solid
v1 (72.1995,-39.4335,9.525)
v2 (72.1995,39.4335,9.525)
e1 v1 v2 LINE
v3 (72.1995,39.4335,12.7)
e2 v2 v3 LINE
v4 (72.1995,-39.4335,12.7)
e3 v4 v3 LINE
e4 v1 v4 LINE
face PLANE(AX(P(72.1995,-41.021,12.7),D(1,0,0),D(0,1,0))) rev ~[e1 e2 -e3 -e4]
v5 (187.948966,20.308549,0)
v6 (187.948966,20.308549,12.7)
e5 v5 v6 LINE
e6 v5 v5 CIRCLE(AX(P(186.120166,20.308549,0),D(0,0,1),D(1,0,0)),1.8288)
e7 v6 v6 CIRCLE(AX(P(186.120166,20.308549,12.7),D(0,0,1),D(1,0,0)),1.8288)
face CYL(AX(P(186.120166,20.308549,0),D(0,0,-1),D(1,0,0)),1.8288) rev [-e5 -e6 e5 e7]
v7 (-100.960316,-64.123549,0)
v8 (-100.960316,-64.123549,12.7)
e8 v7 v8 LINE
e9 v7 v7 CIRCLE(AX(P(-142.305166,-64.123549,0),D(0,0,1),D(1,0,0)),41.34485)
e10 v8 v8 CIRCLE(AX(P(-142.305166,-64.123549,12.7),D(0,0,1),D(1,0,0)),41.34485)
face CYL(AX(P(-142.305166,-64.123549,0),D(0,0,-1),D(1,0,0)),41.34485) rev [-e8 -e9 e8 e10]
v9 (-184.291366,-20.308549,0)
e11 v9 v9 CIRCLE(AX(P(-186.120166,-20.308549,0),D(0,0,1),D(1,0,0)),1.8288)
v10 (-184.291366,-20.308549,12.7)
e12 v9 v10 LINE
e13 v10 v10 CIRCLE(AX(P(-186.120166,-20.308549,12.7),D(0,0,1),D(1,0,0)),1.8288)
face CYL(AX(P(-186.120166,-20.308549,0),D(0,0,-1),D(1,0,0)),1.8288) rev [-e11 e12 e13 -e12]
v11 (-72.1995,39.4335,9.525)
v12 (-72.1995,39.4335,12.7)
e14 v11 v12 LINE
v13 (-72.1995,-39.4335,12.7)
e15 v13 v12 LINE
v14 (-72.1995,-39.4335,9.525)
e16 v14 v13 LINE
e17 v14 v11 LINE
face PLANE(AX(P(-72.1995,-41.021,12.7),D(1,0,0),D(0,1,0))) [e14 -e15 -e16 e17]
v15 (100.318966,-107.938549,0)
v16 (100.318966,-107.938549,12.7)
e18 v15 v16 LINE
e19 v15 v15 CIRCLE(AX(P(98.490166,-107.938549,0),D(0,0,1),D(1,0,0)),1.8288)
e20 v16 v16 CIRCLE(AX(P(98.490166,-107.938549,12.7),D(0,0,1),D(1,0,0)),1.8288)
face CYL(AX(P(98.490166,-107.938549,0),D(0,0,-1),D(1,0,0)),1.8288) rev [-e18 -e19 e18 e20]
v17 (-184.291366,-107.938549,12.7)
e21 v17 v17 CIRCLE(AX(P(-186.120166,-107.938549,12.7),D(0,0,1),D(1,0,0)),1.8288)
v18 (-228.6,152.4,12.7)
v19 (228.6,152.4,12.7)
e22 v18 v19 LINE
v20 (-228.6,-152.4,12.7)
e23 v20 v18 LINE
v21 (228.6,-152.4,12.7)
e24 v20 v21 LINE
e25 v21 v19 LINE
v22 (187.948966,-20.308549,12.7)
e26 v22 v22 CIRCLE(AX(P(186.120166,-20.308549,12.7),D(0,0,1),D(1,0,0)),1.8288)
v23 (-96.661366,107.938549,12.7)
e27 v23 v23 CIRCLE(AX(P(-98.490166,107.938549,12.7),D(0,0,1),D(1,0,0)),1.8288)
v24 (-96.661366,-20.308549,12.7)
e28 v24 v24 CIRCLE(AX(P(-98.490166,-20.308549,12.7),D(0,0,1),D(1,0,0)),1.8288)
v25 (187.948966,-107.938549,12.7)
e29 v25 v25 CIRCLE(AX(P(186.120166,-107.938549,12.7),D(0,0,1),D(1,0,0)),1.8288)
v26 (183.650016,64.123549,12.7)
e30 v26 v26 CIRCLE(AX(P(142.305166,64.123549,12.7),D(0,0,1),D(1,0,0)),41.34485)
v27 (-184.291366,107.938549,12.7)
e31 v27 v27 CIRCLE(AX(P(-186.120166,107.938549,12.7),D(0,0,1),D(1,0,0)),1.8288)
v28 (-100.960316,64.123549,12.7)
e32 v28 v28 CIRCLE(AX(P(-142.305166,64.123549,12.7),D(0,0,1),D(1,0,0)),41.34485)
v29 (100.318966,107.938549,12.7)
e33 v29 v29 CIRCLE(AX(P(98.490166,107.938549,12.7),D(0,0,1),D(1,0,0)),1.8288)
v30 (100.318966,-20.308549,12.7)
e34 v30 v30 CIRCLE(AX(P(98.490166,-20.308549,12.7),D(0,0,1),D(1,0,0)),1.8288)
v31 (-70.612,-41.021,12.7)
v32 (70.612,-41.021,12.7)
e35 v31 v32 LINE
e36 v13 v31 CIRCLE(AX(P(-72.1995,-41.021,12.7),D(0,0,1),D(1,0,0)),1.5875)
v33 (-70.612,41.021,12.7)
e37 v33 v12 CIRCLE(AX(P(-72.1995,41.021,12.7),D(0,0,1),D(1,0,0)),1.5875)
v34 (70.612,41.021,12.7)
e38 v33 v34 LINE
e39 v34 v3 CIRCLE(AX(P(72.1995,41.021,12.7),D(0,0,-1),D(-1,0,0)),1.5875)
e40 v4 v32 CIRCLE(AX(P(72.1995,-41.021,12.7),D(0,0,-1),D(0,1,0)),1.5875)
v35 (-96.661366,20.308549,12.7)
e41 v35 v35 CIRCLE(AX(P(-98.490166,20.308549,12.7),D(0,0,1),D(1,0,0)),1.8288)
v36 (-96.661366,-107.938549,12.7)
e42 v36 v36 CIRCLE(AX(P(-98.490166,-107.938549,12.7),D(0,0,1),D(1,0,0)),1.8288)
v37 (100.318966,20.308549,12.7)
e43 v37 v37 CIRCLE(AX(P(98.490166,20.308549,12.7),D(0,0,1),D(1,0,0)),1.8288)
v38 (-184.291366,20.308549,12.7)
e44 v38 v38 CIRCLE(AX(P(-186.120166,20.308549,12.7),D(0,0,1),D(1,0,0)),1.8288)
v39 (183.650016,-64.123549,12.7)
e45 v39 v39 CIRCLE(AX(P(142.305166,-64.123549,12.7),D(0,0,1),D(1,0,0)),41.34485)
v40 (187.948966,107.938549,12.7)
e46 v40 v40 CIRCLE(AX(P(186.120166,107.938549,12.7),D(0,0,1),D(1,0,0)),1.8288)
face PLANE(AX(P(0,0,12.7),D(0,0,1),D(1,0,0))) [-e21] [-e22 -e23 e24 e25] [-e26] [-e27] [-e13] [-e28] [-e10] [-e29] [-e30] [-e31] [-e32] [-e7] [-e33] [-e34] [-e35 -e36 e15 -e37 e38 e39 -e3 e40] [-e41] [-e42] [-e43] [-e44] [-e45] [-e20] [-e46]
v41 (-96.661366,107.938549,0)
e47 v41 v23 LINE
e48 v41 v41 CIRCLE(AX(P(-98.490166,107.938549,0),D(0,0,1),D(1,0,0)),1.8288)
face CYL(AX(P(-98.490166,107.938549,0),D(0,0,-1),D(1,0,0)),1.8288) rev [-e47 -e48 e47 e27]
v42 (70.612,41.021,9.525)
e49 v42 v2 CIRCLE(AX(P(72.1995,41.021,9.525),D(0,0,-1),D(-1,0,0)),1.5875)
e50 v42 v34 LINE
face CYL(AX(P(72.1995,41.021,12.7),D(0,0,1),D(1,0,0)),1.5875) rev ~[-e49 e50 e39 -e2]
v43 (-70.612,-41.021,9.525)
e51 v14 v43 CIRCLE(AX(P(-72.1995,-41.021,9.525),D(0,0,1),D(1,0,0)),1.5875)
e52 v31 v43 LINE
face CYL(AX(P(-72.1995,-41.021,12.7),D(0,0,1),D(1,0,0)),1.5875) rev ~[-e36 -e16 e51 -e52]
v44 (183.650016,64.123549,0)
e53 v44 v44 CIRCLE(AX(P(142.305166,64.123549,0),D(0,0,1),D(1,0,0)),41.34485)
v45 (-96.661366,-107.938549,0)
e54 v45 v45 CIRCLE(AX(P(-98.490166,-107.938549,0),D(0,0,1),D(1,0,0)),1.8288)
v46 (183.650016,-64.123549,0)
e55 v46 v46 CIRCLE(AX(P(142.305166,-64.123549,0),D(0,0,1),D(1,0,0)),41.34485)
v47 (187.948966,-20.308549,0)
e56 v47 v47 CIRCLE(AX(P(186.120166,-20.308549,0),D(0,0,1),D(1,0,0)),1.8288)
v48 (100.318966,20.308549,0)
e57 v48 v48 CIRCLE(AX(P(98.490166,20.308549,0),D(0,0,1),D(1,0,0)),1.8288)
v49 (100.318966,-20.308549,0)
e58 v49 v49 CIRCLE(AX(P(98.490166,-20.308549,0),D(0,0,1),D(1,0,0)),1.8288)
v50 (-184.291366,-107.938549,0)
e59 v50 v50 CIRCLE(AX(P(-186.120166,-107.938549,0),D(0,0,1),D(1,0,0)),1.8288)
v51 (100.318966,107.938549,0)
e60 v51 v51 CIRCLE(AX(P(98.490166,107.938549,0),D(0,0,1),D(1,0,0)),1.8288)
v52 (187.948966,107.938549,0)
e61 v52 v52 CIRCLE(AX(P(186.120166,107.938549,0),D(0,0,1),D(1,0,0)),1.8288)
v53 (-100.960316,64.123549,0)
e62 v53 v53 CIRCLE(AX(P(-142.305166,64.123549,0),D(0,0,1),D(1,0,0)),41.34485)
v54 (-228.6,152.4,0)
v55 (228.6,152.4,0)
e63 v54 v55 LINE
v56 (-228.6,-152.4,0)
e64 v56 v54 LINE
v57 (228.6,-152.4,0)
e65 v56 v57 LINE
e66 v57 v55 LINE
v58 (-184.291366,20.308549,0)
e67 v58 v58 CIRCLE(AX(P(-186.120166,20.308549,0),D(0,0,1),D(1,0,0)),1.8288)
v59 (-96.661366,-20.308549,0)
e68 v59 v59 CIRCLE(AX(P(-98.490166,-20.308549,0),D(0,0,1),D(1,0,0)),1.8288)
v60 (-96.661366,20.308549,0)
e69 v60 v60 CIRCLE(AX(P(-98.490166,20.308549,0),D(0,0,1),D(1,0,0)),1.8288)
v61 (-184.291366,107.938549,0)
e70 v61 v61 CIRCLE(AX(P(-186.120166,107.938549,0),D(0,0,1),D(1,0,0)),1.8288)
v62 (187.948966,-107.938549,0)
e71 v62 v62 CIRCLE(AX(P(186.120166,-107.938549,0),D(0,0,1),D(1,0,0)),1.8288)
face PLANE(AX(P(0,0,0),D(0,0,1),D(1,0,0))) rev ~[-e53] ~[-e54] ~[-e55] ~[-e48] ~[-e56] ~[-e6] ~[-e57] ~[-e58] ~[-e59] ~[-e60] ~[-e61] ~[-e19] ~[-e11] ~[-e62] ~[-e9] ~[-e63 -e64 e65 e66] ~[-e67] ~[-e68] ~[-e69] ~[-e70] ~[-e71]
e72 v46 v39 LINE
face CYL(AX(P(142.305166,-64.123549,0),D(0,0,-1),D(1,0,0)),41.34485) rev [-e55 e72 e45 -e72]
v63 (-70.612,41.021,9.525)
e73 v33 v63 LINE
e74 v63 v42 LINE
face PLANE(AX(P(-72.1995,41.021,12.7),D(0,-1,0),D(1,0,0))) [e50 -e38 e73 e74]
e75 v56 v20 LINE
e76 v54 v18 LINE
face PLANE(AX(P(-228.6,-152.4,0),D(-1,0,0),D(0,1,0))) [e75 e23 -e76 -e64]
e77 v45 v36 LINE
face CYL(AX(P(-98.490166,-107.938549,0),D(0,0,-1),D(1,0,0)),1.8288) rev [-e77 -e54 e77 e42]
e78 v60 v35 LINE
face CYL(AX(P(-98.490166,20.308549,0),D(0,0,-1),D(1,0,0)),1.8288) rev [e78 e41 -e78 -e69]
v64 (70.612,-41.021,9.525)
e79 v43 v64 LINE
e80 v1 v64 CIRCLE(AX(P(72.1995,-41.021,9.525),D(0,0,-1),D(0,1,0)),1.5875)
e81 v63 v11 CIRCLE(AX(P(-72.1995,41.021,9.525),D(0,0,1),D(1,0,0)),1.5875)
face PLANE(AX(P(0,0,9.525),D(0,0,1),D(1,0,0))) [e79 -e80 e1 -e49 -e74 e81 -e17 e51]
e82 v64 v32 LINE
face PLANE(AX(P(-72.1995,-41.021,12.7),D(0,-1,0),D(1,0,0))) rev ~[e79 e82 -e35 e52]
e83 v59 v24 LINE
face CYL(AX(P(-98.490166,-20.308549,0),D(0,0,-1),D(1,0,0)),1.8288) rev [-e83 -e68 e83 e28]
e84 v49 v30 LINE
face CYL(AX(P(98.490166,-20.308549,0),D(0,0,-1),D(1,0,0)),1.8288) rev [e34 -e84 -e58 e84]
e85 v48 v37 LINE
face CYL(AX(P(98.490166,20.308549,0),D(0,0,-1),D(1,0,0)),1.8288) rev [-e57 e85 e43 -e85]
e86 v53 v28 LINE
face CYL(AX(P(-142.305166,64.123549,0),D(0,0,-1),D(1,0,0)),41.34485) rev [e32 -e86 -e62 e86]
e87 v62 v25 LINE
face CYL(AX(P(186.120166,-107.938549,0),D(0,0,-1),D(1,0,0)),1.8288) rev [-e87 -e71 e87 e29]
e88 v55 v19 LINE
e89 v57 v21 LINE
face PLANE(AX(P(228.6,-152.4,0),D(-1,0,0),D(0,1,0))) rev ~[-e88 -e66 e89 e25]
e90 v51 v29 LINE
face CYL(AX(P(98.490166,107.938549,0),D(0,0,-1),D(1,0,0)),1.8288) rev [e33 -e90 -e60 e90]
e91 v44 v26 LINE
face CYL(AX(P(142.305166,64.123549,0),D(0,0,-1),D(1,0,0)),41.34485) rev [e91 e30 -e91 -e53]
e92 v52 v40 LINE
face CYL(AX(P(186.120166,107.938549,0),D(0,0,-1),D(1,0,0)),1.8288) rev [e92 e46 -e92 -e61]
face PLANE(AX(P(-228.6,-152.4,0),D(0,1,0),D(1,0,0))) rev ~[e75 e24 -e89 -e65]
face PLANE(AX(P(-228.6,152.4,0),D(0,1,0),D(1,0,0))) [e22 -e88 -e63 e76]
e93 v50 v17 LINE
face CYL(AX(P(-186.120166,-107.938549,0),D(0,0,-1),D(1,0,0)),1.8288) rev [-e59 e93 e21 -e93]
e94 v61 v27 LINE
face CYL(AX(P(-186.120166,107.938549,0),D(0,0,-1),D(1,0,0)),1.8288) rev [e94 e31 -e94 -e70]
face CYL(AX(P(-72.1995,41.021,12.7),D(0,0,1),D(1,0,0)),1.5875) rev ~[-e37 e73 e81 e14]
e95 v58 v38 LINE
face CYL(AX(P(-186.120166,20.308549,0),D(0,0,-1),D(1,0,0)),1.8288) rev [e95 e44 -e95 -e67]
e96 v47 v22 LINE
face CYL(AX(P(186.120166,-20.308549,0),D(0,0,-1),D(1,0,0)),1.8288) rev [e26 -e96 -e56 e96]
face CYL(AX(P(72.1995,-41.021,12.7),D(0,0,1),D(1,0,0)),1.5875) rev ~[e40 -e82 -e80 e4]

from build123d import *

# Parameters (mm, degrees)
F0_W     = 457.2
F0_H     = 304.8
F0_R     = 1.8288
F0_R_2   = 41.34485
F1_DEPTH = 12.7
F2_W     = 144.399
F2_H     = 82.042
F3_DEPTH = 3.175
F4_R     = 1.5875
F5_DEPTH = 3.175


with BuildPart() as f1:
    # F0 (on Top) → F1 (new body)
    with BuildSketch(Plane.XY):
        Rectangle(F0_W, F0_H)
        with Locations((-186.120166, -107.938549)):
            Circle(F0_R, mode=Mode.SUBTRACT)
        with Locations((-98.490166, -107.938549)):
            Circle(F0_R, mode=Mode.SUBTRACT)
        with Locations((-142.305166, -64.123549)):
            Circle(F0_R_2, mode=Mode.SUBTRACT)
        with Locations((-186.120166, -20.308549)):
            Circle(F0_R, mode=Mode.SUBTRACT)
        with Locations((-98.490166, -20.308549)):
            Circle(F0_R, mode=Mode.SUBTRACT)
        with Locations((98.490166, -107.938549)):
            Circle(F0_R, mode=Mode.SUBTRACT)
        with Locations((186.120166, -107.938549)):
            Circle(F0_R, mode=Mode.SUBTRACT)
        with Locations((98.490166, -20.308549)):
            Circle(F0_R, mode=Mode.SUBTRACT)
        with Locations((142.305166, -64.123549)):
            Circle(F0_R_2, mode=Mode.SUBTRACT)
        with Locations((186.120166, -20.308549)):
            Circle(F0_R, mode=Mode.SUBTRACT)
        with Locations((-186.120166, 20.308549)):
            Circle(F0_R, mode=Mode.SUBTRACT)
        with Locations((-142.305166, 64.123549)):
            Circle(F0_R_2, mode=Mode.SUBTRACT)
        with Locations((-98.490166, 20.308549)):
            Circle(F0_R, mode=Mode.SUBTRACT)
        with Locations((-186.120166, 107.938549)):
            Circle(F0_R, mode=Mode.SUBTRACT)
        with Locations((-98.490166, 107.938549)):
            Circle(F0_R, mode=Mode.SUBTRACT)
        with Locations((98.490166, 20.308549)):
            Circle(F0_R, mode=Mode.SUBTRACT)
        with Locations((186.120166, 20.308549)):
            Circle(F0_R, mode=Mode.SUBTRACT)
        with Locations((142.305166, 64.123549)):
            Circle(F0_R_2, mode=Mode.SUBTRACT)
        with Locations((98.490166, 107.938549)):
            Circle(F0_R, mode=Mode.SUBTRACT)
        with Locations((186.120166, 107.938549)):
            Circle(F0_R, mode=Mode.SUBTRACT)
    extrude(amount=F1_DEPTH)

    # F2 (on face) → F3 (cut)
    with BuildSketch(Plane.XY.offset(12.7)):
        Rectangle(F2_W, F2_H)
    extrude(amount=-F3_DEPTH, mode=Mode.SUBTRACT)

    # F4 (on face) → F5 (cut, through all)
    with BuildSketch(Plane.XY.offset(12.7)):
        with Locations((-72.1995, 41.021)):
            Circle(F4_R)
        with Locations((72.1995, 41.021)):
            Circle(F4_R)
        with Locations((72.1995, -41.021)):
            Circle(F4_R)
        with Locations((-72.1995, -41.021)):
            Circle(F4_R)
    extrude(amount=-F5_DEPTH, mode=Mode.SUBTRACT)


solid = f1.part
